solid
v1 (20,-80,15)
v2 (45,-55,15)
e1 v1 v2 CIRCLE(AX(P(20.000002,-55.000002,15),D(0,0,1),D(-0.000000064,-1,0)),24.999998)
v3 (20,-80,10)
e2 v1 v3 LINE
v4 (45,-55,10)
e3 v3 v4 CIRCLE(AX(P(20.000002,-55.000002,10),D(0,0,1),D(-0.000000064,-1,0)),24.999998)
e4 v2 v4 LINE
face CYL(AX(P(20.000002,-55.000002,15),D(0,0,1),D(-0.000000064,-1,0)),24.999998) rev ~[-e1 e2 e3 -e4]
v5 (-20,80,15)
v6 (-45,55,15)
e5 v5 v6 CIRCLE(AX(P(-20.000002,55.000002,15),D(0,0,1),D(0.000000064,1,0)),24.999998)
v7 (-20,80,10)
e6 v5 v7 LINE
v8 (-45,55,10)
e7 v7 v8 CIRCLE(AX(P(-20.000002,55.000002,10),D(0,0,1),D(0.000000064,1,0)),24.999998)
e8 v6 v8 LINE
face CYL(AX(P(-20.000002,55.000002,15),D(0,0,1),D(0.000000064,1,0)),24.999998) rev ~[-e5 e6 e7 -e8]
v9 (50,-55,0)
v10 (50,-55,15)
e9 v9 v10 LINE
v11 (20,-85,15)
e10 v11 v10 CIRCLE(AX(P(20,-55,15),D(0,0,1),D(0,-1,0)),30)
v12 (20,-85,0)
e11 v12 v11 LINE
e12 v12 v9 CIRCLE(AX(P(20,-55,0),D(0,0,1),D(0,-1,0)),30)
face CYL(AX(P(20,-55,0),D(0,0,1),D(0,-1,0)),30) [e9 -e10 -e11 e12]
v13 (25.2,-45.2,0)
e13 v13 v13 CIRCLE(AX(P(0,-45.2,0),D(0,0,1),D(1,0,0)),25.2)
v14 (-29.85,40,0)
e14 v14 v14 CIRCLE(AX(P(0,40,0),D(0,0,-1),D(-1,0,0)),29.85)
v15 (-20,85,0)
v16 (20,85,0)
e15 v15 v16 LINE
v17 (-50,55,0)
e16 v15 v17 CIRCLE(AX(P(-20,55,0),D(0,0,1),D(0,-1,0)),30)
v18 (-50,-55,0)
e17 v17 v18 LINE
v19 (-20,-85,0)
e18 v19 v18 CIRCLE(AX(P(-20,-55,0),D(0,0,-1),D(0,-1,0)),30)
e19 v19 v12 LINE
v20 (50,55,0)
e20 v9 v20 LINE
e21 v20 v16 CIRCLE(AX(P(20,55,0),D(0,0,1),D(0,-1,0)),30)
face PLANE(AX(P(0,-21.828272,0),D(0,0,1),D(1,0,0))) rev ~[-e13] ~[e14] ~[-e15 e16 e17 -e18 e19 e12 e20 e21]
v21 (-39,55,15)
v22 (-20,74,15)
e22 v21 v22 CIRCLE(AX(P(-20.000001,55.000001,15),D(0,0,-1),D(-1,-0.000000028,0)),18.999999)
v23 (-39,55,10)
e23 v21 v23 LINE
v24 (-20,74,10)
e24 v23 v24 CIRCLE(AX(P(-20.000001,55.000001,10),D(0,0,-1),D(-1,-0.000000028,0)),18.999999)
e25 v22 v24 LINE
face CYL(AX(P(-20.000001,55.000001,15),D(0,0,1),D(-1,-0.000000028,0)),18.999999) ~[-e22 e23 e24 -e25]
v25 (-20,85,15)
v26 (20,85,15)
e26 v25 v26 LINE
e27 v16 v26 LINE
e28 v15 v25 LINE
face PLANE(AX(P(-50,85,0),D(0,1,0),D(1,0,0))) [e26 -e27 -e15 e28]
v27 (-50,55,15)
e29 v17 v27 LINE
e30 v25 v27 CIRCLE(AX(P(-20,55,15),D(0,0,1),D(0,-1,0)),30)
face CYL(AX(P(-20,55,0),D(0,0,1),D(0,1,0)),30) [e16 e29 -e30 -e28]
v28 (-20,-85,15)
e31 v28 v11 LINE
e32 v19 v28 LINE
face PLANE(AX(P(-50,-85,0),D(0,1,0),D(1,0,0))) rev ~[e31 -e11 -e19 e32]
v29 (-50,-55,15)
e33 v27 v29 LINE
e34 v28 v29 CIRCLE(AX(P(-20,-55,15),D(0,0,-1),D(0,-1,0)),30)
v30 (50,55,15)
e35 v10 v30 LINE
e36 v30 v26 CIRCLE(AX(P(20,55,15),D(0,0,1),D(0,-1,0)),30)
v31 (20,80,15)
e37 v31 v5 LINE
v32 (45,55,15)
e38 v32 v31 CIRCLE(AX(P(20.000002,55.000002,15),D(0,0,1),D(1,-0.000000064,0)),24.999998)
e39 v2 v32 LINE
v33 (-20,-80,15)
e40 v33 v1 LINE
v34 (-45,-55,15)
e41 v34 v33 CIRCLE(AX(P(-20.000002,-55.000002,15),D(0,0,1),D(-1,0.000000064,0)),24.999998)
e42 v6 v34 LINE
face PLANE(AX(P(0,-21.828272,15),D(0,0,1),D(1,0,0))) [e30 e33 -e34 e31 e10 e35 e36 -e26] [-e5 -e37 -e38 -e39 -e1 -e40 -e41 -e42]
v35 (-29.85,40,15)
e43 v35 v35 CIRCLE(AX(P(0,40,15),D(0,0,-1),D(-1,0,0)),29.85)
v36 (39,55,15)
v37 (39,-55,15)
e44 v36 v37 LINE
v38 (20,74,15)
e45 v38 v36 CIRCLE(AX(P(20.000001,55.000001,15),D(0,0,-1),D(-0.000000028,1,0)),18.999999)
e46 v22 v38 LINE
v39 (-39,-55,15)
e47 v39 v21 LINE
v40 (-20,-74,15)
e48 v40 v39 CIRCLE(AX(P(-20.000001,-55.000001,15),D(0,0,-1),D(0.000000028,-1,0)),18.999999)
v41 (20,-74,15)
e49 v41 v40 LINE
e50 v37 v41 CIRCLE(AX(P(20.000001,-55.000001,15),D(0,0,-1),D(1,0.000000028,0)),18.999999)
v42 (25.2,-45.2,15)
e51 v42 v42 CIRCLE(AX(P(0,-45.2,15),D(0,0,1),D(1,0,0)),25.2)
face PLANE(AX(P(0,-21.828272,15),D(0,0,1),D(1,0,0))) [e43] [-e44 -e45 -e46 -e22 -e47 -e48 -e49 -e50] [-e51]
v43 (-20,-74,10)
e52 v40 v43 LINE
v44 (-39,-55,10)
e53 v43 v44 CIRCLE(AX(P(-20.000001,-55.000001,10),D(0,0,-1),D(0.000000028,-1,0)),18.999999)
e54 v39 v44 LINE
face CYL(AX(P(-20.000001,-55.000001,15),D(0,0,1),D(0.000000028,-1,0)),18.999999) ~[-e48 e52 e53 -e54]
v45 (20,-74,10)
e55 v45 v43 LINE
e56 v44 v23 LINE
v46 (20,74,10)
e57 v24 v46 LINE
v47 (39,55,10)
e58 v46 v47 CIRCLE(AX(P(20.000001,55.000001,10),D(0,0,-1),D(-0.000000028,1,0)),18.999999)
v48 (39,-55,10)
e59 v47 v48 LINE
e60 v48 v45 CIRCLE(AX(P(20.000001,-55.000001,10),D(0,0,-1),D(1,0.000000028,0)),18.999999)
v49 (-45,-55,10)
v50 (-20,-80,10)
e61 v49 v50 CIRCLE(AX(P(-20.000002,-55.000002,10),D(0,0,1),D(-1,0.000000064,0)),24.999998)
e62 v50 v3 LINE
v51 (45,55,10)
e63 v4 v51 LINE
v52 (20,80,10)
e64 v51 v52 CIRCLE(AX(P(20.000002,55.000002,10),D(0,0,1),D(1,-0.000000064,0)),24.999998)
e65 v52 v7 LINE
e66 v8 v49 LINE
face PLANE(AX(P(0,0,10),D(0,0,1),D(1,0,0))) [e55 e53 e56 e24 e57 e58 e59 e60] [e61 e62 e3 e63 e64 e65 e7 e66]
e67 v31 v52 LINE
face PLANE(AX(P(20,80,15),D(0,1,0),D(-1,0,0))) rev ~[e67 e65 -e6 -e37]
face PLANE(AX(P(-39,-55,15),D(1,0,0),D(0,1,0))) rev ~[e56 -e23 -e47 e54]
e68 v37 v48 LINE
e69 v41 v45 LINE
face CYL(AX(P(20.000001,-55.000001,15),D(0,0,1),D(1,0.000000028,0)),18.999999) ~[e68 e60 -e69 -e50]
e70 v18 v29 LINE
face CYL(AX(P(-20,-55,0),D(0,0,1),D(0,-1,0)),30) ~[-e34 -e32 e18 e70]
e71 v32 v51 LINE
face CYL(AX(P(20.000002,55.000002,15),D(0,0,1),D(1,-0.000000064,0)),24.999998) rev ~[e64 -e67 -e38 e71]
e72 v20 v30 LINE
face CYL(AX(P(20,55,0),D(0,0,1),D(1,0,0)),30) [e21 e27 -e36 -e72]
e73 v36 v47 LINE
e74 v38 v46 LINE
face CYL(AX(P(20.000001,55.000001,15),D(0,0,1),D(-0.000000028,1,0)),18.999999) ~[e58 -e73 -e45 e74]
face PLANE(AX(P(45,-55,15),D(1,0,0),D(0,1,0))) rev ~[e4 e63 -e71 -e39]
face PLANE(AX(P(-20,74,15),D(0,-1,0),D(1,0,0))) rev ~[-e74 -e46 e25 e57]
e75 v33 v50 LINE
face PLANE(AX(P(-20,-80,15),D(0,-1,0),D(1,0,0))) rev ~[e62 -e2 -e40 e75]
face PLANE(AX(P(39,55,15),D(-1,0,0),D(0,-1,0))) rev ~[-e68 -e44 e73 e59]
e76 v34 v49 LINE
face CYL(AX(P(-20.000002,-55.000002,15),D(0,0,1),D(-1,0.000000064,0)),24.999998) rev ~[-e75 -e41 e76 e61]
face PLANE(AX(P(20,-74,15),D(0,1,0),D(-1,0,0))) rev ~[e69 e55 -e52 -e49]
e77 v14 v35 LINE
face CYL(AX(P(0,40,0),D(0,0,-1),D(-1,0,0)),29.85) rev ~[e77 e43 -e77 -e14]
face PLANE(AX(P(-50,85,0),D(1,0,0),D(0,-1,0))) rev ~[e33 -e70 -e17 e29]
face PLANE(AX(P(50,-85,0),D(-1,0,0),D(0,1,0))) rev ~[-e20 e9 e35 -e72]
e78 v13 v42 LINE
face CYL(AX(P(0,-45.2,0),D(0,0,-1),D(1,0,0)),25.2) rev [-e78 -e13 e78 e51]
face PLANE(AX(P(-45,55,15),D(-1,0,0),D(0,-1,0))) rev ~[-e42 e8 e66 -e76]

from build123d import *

# Parameters (mm, degrees)
F0_R     = 25.2
F0_W     = 100
F0_H     = 15
F1_DEPTH = 15
F2_R     = 30
F5_DEPTH = 5


with BuildPart() as f1:
    # F0 (on Top) → F1 (new body)
    with BuildSketch(Plane.XY):
        with BuildLine():
            Line((-50, -85), (50, -85))
            Line((50, -85), (50, 40))
            Line((50, 40), (29.85, 40))
            ThreePointArc((29.85, 40), (0, 10.15), (-29.85, 40))
            Line((-29.85, 40), (-50, 40))
            Line((-50, 40), (-50, -85))
        make_face()
        with Locations((0, -45.2)):
            Circle(F0_R, mode=Mode.SUBTRACT)
        with BuildLine():
            Line((29.85, 40), (50, 40))
            Line((50, 40), (50, 70))
            Line((50, 70), (-50, 70))
            Line((-50, 70), (-50, 40))
            Line((-50, 40), (-29.85, 40))
            ThreePointArc((-29.85, 40), (0, 69.85), (29.85, 40))
        make_face()
        with Locations((0, 77.5)):
            Rectangle(F0_W, F0_H)
    extrude(amount=F1_DEPTH)

    # F2
    f2_edges = [f1.edges().sort_by_distance(p)[0] for p in [
        (-50, 85, 7.5),
        (50, 85, 7.5),
        (-50, -85, 7.5),
        (50, -85, 7.5),
    ]]
    fillet(f2_edges, radius=F2_R)

    # F4 (on face) → F5 (cut)
    with BuildSketch(Plane.XY.offset(15)):
        with BuildLine():
            ThreePointArc((45, 55), (37.67767, 72.67767), (20, 80))
            Line((20, 80), (-20, 80))
            ThreePointArc((-20, 80), (-37.67767, 72.67767), (-45, 55))
            Line((-45, 55), (-45, -55))
            ThreePointArc((-45, -55), (-37.67767, -72.67767), (-20, -80))
            Line((-20, -80), (20, -80))
            ThreePointArc((20, -80), (37.67767, -72.67767), (45, -55))
            Line((45, -55), (45, 55))
        make_face()
        with BuildLine():
            Line((-20, 74), (20, 74))
            ThreePointArc((20, 74), (33.435029, 68.435029), (39, 55))
            Line((39, 55), (39, -55))
            ThreePointArc((39, -55), (33.435029, -68.435029), (20, -74))
            Line((20, -74), (-20, -74))
            ThreePointArc((-20, -74), (-33.435029, -68.435029), (-39, -55))
            Line((-39, -55), (-39, 55))
            ThreePointArc((-39, 55), (-33.435029, 68.435029), (-20, 74))
        make_face(mode=Mode.SUBTRACT)
    extrude(amount=-F5_DEPTH, mode=Mode.SUBTRACT)


solid = f1.part
